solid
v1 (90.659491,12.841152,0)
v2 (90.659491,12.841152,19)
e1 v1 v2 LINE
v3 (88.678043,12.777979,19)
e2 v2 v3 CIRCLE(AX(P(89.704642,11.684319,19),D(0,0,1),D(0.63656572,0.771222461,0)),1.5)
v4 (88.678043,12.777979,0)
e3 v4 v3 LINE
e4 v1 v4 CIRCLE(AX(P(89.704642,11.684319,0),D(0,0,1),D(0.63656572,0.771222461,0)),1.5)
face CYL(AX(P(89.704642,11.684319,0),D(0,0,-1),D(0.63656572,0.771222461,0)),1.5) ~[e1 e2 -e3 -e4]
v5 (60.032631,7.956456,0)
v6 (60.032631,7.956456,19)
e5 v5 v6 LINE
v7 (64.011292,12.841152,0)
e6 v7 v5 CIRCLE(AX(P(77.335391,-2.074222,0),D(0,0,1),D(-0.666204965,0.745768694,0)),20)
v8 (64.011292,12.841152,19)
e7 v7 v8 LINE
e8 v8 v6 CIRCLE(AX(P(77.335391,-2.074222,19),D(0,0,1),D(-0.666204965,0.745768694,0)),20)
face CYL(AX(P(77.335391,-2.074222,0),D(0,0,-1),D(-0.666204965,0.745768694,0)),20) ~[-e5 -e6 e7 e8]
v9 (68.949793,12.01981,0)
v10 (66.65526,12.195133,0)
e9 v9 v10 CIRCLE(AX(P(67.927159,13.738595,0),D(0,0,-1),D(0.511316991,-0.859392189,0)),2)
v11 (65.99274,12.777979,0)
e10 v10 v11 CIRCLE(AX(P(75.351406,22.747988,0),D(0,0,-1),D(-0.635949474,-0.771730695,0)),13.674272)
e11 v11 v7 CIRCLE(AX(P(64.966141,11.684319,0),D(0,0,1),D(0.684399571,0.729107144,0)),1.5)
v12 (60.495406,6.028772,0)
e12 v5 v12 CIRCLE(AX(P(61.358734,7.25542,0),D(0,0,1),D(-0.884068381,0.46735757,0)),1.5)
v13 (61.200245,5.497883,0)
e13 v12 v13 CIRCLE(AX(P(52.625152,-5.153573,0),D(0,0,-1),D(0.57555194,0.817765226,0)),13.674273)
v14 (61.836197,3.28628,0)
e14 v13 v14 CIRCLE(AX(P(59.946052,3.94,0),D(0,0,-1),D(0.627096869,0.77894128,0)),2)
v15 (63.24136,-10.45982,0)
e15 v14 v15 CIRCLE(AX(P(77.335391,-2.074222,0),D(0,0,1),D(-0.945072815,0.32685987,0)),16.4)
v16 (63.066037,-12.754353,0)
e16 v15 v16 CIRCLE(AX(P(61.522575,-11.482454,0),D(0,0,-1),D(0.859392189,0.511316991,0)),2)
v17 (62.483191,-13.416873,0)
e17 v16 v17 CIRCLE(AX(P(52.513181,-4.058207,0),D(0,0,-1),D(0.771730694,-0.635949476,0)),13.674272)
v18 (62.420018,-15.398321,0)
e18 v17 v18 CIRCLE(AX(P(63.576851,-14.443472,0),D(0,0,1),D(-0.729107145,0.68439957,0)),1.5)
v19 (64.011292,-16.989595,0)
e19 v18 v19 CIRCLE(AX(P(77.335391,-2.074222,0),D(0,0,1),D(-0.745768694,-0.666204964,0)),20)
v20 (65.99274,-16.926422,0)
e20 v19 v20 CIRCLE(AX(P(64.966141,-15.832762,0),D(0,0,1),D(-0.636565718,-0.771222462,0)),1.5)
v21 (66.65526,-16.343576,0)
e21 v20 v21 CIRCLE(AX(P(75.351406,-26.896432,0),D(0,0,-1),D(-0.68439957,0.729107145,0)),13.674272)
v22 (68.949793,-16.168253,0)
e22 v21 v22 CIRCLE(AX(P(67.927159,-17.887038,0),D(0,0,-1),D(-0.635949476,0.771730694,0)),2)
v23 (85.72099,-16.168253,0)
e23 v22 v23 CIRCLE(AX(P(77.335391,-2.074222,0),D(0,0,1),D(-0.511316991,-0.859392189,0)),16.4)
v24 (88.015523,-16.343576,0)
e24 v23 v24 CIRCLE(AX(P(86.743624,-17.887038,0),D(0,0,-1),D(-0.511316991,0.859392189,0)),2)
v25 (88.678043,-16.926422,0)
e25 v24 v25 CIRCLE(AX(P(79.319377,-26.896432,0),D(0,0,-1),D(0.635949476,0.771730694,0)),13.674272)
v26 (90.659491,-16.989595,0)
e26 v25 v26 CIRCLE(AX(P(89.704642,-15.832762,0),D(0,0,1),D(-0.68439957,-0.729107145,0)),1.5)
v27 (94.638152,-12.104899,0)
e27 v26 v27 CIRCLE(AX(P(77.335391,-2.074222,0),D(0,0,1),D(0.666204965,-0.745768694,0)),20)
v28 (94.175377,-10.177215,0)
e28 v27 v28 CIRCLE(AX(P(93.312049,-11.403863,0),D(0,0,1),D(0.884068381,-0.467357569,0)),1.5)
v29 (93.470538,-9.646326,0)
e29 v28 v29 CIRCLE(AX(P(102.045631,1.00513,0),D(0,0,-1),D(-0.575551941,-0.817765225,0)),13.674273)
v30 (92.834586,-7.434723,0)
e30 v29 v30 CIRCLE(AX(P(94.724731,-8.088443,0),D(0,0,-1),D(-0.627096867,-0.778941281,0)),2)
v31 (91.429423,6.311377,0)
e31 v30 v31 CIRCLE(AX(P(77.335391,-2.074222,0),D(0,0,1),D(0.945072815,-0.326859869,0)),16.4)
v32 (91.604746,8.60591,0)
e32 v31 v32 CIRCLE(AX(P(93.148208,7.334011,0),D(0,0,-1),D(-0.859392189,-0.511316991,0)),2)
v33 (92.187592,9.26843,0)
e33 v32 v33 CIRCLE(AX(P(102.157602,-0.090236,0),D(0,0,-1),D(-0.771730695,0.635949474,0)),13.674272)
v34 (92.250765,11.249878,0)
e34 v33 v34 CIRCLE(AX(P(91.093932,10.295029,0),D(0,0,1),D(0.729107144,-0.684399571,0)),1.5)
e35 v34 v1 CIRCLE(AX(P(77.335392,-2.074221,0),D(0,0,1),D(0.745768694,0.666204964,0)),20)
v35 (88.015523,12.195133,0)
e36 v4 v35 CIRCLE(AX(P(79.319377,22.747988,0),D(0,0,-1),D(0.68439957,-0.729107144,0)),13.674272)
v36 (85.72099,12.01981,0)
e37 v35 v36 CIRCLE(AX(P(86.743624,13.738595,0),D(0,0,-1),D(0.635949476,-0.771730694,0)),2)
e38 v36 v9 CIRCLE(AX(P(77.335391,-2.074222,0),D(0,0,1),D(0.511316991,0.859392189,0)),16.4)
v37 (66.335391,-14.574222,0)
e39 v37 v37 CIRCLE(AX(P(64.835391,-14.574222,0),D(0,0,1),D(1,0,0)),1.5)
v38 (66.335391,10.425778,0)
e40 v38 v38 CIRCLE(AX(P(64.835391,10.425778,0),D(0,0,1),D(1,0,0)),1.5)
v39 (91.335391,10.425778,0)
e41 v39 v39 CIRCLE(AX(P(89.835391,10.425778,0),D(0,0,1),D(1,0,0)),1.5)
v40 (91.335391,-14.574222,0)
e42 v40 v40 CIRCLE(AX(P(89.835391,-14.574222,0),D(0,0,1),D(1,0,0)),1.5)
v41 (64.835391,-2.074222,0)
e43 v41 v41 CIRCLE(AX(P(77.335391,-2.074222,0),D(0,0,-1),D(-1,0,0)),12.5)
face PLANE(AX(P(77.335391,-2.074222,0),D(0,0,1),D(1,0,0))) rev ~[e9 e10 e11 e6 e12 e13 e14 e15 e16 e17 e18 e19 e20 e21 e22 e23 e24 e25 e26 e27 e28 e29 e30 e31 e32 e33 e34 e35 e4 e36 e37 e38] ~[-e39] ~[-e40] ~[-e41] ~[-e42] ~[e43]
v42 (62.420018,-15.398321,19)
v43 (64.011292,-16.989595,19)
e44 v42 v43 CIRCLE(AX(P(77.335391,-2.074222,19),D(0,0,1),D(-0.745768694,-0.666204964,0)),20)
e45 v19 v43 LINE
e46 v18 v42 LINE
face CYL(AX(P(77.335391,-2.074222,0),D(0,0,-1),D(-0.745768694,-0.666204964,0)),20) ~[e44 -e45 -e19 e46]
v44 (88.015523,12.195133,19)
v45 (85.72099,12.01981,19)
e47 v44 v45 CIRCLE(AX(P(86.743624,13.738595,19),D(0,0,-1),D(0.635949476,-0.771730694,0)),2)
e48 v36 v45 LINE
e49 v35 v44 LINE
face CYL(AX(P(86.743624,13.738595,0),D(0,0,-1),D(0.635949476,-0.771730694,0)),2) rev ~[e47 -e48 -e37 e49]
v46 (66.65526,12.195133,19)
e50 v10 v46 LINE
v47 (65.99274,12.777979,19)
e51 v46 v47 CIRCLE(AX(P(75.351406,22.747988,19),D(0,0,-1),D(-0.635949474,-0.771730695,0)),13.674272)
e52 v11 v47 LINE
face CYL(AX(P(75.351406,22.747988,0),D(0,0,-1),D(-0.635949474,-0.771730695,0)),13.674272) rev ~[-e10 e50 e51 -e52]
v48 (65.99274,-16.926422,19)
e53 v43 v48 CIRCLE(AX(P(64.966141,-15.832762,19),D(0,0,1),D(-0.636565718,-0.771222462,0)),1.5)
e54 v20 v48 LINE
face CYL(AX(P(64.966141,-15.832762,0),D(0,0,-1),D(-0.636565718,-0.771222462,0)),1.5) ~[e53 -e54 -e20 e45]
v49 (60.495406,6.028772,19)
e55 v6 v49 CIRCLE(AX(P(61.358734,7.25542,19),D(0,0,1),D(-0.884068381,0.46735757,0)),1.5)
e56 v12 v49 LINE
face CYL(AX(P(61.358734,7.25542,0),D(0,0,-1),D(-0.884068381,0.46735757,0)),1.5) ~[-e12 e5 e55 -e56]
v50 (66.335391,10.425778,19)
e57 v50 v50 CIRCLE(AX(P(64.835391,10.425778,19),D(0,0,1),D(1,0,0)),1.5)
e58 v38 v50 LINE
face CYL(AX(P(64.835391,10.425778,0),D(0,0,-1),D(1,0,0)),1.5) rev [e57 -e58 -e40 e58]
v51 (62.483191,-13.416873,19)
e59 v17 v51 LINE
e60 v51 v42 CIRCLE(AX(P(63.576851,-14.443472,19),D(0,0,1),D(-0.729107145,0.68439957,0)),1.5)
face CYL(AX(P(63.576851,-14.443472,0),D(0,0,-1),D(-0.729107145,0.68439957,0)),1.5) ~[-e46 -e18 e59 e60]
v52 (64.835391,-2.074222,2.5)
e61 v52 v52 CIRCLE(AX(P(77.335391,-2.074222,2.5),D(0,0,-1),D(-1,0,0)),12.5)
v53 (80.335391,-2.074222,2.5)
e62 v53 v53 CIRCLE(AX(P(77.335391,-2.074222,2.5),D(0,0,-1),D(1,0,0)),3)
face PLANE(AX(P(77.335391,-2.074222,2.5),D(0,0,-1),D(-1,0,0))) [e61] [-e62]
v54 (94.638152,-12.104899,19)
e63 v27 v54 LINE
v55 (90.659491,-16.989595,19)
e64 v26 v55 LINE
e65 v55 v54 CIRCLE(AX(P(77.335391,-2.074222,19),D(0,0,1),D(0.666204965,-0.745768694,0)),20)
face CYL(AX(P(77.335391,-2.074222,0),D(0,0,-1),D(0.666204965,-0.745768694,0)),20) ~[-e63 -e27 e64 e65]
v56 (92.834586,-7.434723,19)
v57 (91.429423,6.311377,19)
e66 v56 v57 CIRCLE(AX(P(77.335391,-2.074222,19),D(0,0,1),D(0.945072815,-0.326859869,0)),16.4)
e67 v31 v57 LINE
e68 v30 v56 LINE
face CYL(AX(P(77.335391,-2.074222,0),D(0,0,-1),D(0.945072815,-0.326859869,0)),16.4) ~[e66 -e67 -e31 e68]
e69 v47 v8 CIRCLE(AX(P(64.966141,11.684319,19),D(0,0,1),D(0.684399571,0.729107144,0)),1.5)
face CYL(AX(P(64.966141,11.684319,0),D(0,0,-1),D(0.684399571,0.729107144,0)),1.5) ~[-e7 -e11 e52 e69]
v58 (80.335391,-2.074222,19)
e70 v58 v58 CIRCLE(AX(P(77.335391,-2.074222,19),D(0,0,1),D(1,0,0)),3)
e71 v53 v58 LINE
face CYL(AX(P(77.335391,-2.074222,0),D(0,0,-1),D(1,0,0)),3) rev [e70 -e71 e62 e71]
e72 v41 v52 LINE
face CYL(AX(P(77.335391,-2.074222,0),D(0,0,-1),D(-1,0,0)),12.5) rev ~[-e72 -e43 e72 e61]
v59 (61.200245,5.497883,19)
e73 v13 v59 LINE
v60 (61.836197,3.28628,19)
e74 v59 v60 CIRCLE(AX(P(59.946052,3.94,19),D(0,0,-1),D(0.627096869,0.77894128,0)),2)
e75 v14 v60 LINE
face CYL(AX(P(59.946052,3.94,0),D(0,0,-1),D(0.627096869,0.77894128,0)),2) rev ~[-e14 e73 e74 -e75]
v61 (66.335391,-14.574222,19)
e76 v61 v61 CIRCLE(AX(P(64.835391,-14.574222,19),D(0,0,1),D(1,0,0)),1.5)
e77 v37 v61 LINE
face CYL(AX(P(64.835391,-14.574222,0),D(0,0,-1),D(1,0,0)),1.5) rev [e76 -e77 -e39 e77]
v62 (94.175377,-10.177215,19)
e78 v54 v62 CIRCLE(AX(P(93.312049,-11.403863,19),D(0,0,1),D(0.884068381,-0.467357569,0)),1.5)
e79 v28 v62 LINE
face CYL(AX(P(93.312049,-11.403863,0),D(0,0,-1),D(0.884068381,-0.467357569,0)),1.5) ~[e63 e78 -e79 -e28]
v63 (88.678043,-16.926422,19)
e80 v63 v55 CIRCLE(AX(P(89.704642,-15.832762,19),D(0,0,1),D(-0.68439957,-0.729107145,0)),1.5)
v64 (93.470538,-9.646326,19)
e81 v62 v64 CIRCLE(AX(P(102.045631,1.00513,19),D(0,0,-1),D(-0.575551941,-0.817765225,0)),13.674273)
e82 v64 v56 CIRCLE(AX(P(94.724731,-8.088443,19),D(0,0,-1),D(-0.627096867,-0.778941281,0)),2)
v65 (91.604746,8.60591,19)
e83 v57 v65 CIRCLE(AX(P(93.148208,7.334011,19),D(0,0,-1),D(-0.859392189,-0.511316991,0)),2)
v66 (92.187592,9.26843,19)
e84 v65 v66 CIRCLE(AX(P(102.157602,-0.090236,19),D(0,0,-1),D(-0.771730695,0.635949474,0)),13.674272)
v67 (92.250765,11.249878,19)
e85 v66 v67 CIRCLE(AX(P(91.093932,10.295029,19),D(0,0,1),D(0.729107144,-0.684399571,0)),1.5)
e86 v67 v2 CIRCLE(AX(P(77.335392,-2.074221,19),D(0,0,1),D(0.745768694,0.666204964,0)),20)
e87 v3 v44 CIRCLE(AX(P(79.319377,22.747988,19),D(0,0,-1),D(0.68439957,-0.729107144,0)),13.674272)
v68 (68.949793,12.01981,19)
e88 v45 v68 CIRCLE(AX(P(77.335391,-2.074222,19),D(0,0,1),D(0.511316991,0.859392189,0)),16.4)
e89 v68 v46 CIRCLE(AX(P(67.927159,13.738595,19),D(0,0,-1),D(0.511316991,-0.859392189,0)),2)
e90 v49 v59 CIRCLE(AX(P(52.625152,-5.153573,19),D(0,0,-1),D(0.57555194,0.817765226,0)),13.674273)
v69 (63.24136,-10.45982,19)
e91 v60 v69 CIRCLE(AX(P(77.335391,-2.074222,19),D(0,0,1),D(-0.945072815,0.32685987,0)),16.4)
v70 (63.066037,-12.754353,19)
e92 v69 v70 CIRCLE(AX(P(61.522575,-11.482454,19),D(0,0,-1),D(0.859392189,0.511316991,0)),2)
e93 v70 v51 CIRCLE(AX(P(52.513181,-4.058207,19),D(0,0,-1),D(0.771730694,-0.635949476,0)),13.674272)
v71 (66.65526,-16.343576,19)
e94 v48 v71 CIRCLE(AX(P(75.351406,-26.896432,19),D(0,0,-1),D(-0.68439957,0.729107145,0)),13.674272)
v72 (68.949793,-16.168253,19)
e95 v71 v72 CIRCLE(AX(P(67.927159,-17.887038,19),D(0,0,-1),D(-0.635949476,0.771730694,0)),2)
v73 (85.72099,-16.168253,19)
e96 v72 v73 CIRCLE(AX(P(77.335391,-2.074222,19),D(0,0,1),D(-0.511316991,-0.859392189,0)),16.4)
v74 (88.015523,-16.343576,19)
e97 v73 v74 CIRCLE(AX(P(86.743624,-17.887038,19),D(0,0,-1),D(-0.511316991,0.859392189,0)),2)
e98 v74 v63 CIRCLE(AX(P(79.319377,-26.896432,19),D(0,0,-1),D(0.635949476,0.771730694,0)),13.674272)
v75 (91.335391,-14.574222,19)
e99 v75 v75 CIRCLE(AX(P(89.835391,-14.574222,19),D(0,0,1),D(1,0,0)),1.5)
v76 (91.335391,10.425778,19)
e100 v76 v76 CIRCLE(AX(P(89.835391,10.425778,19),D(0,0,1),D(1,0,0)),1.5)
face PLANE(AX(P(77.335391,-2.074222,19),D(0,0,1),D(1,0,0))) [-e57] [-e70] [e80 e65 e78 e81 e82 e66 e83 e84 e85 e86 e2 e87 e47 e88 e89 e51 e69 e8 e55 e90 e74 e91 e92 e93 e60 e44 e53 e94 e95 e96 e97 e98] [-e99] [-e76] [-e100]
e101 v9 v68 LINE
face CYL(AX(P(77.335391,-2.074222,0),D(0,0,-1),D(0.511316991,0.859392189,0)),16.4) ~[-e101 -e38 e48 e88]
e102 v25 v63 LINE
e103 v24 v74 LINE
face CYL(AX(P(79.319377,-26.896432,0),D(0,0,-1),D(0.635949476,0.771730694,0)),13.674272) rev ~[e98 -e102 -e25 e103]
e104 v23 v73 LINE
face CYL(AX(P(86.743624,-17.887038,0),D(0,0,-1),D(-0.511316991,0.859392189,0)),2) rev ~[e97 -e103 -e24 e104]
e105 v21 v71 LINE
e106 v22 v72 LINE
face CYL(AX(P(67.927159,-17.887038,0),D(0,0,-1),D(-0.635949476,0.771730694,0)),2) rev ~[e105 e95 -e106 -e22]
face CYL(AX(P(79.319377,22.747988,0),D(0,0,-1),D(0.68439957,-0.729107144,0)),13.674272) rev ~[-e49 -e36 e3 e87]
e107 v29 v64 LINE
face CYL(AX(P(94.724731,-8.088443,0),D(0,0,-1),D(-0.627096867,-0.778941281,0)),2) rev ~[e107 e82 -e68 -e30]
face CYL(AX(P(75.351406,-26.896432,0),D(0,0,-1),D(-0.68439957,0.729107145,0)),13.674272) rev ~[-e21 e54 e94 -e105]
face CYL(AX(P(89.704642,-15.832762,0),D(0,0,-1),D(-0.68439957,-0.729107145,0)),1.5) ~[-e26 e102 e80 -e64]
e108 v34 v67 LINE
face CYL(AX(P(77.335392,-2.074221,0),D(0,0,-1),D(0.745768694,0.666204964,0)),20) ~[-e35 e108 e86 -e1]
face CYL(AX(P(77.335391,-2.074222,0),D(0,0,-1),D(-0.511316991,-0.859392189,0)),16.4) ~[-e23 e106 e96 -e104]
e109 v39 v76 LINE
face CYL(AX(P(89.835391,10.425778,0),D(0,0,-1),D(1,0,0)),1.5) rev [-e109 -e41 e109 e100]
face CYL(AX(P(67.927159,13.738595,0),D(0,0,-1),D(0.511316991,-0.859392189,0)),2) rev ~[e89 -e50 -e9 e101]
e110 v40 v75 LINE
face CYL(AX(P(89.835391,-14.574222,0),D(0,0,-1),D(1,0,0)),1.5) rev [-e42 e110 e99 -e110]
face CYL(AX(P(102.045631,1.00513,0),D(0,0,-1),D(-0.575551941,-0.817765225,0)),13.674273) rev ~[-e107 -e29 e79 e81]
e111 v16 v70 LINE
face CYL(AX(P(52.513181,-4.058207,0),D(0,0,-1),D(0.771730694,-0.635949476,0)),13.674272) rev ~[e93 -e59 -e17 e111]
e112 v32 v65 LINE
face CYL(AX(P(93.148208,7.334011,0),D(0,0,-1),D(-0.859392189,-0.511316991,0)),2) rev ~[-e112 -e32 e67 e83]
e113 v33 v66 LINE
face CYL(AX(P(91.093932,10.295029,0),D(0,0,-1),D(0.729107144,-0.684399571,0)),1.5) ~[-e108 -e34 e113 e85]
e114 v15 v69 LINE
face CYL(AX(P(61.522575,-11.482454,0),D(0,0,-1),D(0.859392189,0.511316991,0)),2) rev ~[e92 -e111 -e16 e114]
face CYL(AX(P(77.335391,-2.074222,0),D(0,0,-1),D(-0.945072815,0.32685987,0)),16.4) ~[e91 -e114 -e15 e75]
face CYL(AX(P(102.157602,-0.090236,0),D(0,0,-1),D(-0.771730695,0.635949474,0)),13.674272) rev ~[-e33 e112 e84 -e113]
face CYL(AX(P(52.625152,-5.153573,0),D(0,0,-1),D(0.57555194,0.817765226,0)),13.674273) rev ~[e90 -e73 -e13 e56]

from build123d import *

# Parameters (mm, degrees)
SKETCH1_R               = 3
SKETCH1_R_2             = 1.5
SALIENTE_EXTRUIR1_DEPTH = 19
CROQUIS1_R              = 12.5
CORTAR_EXTRUIR1_DEPTH   = 2.5


with BuildPart() as part:
    # Sketch1 → Saliente-Extruir1 (new body)
    with BuildSketch(Plane.XY):
        with BuildLine():
            ThreePointArc((61.836197312, 3.286280309), (61.020411334, -3.741981398), (63.24135958, -10.459820208))
            ThreePointArc((63.24135958, -10.459820208), (63.516762306, -11.634828053), (63.06603659, -12.754353143))
            ThreePointArc((63.06603659, -12.754353143), (62.779959062, -13.090315668), (62.483190577, -13.416872916))
            ThreePointArc((62.483190577, -13.416872916), (62.077613071, -14.395673215), (62.420017601, -15.398320849))
            ThreePointArc((62.420017601, -15.398320849), (63.193255854, -16.216357175), (64.01129218, -16.989595428))
            ThreePointArc((64.01129218, -16.989595428), (65.013939814, -17.331999958), (65.992740113, -16.926422452))
            ThreePointArc((65.992740113, -16.926422452), (66.319297361, -16.629653967), (66.655259886, -16.343576439))
            ThreePointArc((66.655259886, -16.343576439), (67.774784976, -15.892850723), (68.949792821, -16.168253449))
            ThreePointArc((68.949792821, -16.168253449), (77.335391478, -18.474221551), (85.720990136, -16.168253449))
            ThreePointArc((85.720990136, -16.168253449), (86.89599798, -15.892850723), (88.01552307, -16.343576439))
            ThreePointArc((88.01552307, -16.343576439), (88.351485595, -16.629653967), (88.678042843, -16.926422452))
            ThreePointArc((88.678042843, -16.926422452), (89.656843143, -17.331999958), (90.659490776, -16.989595428))
            ThreePointArc((90.659490776, -16.989595428), (92.842363907, -14.704890816), (94.638151595, -12.104899113))
            ThreePointArc((94.638151595, -12.104899113), (94.770607573, -11.053709999), (94.175376931, -10.17721492))
            ThreePointArc((94.175376931, -10.17721492), (93.818673805, -9.917457245), (93.470537538, -9.646325709))
            ThreePointArc((93.470537538, -9.646325709), (92.802619494, -8.641151304), (92.834585645, -7.434723411))
            ThreePointArc((92.834585645, -7.434723411), (93.650371622, -0.406461703), (91.429423377, 6.311377107))
            ThreePointArc((91.429423377, 6.311377107), (91.154020651, 7.486384951), (91.604746367, 8.605910041))
            ThreePointArc((91.604746367, 8.605910041), (91.890823894, 8.941872566), (92.187592379, 9.268429814))
            ThreePointArc((92.187592379, 9.268429814), (92.593169886, 10.247230114), (92.250765355, 11.249877747))
            ThreePointArc((92.250765355, 11.249877747), (91.477527102, 12.067914073), (90.659490776, 12.841152326))
            ThreePointArc((90.659490776, 12.841152326), (89.656843142, 13.183556857), (88.678042843, 12.77797935))
            ThreePointArc((88.678042843, 12.77797935), (88.351485595, 12.481210865), (88.01552307, 12.195133338))
            ThreePointArc((88.01552307, 12.195133338), (86.89599798, 11.744407622), (85.720990135, 12.019810348))
            ThreePointArc((85.720990135, 12.019810348), (77.335391478, 14.325778449), (68.949792821, 12.019810348))
            ThreePointArc((68.949792821, 12.019810348), (67.774784976, 11.744407622), (66.655259886, 12.195133338))
            ThreePointArc((66.655259886, 12.195133338), (66.319297361, 12.481210865), (65.992740113, 12.77797935))
            ThreePointArc((65.992740113, 12.77797935), (65.013939814, 13.183556857), (64.01129218, 12.841152326))
            ThreePointArc((64.01129218, 12.841152326), (61.828419049, 10.556447714), (60.032631362, 7.956456011))
            ThreePointArc((60.032631362, 7.956456011), (59.900175383, 6.905266897), (60.495406025, 6.028771818))
            ThreePointArc((60.495406025, 6.028771818), (60.852109152, 5.769014143), (61.200245419, 5.497882608))
            ThreePointArc((61.200245419, 5.497882608), (61.868163462, 4.492708203), (61.836197312, 3.286280309))
        make_face()
        with Locations((77.335391478, -2.074221551)):
            Circle(SKETCH1_R, mode=Mode.SUBTRACT)
        with Locations((89.83539148, 10.425778451)):
            Circle(SKETCH1_R_2, mode=Mode.SUBTRACT)
        with Locations((64.835391477, 10.425778451)):
            Circle(SKETCH1_R_2, mode=Mode.SUBTRACT)
        with Locations((89.83539148, -14.574221552)):
            Circle(SKETCH1_R_2, mode=Mode.SUBTRACT)
        with Locations((64.835391477, -14.574221552)):
            Circle(SKETCH1_R_2, mode=Mode.SUBTRACT)
    extrude(amount=SALIENTE_EXTRUIR1_DEPTH)

    # Croquis1 → Cortar-Extruir1 (cut)
    with BuildSketch(Plane(origin=(0, 0, 0), x_dir=(-1, 0, 0), z_dir=(0, 0, -1))):
        with Locations((-77.335391478, -2.074221551)):
            Circle(CROQUIS1_R)
    extrude(amount=-CORTAR_EXTRUIR1_DEPTH, mode=Mode.SUBTRACT)


solid = part.part
